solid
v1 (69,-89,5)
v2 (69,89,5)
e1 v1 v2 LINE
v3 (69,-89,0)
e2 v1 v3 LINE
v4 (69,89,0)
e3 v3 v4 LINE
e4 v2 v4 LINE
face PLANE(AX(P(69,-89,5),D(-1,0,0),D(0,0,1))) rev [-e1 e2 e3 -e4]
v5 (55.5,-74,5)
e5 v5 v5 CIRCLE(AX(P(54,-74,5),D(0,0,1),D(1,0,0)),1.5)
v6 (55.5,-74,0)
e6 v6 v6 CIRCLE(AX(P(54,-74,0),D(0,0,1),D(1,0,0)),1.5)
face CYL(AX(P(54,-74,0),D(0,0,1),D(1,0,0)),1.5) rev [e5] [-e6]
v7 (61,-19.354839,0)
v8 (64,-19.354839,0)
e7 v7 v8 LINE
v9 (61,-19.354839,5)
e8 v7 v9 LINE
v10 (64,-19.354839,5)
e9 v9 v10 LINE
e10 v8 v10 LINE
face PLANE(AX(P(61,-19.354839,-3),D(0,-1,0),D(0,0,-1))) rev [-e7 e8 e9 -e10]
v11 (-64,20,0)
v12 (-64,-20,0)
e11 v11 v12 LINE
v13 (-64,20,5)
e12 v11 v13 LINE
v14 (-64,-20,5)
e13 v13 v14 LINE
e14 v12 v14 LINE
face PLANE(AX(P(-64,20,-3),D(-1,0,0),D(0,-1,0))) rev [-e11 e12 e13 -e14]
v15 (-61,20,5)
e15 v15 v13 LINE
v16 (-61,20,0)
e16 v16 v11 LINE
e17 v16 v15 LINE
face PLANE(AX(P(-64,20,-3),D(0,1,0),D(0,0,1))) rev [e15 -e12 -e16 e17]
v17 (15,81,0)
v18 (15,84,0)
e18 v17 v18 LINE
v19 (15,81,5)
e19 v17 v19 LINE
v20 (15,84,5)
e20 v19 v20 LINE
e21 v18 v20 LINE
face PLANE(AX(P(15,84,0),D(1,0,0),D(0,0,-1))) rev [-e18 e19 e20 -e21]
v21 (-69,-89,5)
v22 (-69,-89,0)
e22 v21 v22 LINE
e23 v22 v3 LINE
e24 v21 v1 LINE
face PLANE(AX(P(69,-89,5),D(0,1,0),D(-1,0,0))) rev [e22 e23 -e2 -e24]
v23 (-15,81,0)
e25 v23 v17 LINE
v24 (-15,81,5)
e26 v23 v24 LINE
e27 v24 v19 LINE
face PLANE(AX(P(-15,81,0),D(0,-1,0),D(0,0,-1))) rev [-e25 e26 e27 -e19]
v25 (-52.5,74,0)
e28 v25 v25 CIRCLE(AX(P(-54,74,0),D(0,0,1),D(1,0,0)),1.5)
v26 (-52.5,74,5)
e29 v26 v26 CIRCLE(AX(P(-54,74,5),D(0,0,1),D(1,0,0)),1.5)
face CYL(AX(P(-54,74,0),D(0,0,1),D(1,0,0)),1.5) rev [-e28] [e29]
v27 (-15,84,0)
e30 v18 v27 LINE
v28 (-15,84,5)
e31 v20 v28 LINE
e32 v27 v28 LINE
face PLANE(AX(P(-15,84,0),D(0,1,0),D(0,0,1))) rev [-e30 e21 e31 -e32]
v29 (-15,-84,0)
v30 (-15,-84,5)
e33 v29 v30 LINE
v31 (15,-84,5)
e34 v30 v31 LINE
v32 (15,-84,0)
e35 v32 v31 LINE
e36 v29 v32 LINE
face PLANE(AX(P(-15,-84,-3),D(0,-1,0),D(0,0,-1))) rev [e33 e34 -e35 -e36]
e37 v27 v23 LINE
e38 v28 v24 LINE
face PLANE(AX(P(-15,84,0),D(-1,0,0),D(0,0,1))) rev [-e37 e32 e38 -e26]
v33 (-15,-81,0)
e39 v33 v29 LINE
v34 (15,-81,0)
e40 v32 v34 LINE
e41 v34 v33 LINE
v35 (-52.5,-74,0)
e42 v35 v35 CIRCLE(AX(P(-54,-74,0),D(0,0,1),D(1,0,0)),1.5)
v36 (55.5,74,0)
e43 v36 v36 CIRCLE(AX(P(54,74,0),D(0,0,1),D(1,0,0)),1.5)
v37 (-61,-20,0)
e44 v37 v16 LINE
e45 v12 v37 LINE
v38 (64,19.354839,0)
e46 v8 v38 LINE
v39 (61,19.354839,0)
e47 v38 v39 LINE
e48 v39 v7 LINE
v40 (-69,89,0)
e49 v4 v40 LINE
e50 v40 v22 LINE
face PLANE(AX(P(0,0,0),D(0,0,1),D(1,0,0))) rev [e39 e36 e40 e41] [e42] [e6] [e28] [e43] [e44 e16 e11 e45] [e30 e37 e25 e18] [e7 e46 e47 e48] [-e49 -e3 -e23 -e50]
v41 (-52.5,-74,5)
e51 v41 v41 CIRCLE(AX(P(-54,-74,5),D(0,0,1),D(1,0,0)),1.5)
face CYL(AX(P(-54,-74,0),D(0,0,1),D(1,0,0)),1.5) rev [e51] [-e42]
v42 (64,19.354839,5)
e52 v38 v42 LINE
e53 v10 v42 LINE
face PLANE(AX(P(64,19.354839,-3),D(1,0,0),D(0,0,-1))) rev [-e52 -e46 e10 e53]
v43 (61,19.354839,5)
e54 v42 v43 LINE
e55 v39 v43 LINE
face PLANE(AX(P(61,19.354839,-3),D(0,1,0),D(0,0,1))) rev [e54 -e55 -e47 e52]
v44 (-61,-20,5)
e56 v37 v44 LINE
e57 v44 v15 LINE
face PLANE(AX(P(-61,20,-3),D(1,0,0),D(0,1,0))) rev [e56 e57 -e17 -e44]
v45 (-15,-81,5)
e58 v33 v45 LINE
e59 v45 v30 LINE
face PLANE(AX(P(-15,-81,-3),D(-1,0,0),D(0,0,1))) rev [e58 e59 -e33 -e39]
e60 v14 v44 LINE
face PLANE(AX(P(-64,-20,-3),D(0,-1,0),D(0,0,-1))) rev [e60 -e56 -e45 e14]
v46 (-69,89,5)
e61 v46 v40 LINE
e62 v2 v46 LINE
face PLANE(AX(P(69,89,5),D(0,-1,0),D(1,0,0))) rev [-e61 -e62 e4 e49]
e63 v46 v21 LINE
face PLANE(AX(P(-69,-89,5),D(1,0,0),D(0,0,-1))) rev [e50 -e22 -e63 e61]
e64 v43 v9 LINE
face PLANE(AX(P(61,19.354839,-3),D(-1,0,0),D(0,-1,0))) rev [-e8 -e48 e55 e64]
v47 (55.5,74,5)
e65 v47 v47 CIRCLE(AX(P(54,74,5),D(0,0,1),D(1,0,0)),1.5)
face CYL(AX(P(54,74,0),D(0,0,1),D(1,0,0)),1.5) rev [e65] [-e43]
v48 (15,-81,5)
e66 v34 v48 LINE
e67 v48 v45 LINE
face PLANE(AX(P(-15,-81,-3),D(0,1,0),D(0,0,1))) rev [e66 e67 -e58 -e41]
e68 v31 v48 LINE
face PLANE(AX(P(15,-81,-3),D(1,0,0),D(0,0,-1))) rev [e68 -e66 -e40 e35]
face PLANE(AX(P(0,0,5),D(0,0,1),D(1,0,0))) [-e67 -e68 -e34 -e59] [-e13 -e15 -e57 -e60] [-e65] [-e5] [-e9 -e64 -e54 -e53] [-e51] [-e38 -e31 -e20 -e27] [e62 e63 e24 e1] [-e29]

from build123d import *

# Parameters (mm, degrees)
SKETCH2_W           = 138
SKETCH2_H           = 178
BOSS_EXTRUDE1_DEPTH = 5
SKETCH3_W           = 30
SKETCH3_H           = 3
CUT_EXTRUDE1_DEPTH  = 6
SKETCH4_W           = 30
SKETCH4_H           = 3
CUT_EXTRUDE2_DEPTH  = 8
SKETCH6_W           = 3
SKETCH6_H           = 38.70967742
CUT_EXTRUDE3_DEPTH  = 8
SKETCH5_W           = 3
SKETCH5_H           = 40
CUT_EXTRUDE4_DEPTH  = 8
SKETCH8_R           = 1.5
CUT_EXTRUDE5_DEPTH  = 6


with BuildPart() as part:
    # Sketch2 → Boss-Extrude1 (new body)
    with BuildSketch(Plane.XY):
        Rectangle(SKETCH2_W, SKETCH2_H)
    extrude(amount=BOSS_EXTRUDE1_DEPTH)

    # Sketch3 → Cut-Extrude1 (cut, through all)
    with BuildSketch(Plane.XY.offset(5)):
        with Locations((0, 82.5)):
            Rectangle(SKETCH3_W, SKETCH3_H)
    extrude(amount=-CUT_EXTRUDE1_DEPTH, mode=Mode.SUBTRACT)

    # Sketch4 → Cut-Extrude2 (cut)
    with BuildSketch(Plane.XY.offset(5)):
        with Locations((0, -82.5)):
            Rectangle(SKETCH4_W, SKETCH4_H)
    extrude(amount=-CUT_EXTRUDE2_DEPTH, mode=Mode.SUBTRACT)

    # Sketch6 → Cut-Extrude3 (cut)
    with BuildSketch(Plane.XY.offset(5)):
        with Locations((62.5, 0)):
            Rectangle(SKETCH6_W, SKETCH6_H)
    extrude(amount=-CUT_EXTRUDE3_DEPTH, mode=Mode.SUBTRACT)

    # Sketch5 → Cut-Extrude4 (cut)
    with BuildSketch(Plane.XY.offset(5)):
        with Locations((-62.5, 0)):
            Rectangle(SKETCH5_W, SKETCH5_H)
    extrude(amount=-CUT_EXTRUDE4_DEPTH, mode=Mode.SUBTRACT)

    # Sketch8 → Cut-Extrude5 (cut, through all)
    with BuildSketch(Plane.XY.offset(5)):
        with Locations((54, -74)):
            Circle(SKETCH8_R)
        with Locations((54, 74)):
            Circle(SKETCH8_R)
        with Locations((-54, 74)):
            Circle(SKETCH8_R)
        with Locations((-54, -74)):
            Circle(SKETCH8_R)
    extrude(amount=-CUT_EXTRUDE5_DEPTH, mode=Mode.SUBTRACT)


solid = part.part
